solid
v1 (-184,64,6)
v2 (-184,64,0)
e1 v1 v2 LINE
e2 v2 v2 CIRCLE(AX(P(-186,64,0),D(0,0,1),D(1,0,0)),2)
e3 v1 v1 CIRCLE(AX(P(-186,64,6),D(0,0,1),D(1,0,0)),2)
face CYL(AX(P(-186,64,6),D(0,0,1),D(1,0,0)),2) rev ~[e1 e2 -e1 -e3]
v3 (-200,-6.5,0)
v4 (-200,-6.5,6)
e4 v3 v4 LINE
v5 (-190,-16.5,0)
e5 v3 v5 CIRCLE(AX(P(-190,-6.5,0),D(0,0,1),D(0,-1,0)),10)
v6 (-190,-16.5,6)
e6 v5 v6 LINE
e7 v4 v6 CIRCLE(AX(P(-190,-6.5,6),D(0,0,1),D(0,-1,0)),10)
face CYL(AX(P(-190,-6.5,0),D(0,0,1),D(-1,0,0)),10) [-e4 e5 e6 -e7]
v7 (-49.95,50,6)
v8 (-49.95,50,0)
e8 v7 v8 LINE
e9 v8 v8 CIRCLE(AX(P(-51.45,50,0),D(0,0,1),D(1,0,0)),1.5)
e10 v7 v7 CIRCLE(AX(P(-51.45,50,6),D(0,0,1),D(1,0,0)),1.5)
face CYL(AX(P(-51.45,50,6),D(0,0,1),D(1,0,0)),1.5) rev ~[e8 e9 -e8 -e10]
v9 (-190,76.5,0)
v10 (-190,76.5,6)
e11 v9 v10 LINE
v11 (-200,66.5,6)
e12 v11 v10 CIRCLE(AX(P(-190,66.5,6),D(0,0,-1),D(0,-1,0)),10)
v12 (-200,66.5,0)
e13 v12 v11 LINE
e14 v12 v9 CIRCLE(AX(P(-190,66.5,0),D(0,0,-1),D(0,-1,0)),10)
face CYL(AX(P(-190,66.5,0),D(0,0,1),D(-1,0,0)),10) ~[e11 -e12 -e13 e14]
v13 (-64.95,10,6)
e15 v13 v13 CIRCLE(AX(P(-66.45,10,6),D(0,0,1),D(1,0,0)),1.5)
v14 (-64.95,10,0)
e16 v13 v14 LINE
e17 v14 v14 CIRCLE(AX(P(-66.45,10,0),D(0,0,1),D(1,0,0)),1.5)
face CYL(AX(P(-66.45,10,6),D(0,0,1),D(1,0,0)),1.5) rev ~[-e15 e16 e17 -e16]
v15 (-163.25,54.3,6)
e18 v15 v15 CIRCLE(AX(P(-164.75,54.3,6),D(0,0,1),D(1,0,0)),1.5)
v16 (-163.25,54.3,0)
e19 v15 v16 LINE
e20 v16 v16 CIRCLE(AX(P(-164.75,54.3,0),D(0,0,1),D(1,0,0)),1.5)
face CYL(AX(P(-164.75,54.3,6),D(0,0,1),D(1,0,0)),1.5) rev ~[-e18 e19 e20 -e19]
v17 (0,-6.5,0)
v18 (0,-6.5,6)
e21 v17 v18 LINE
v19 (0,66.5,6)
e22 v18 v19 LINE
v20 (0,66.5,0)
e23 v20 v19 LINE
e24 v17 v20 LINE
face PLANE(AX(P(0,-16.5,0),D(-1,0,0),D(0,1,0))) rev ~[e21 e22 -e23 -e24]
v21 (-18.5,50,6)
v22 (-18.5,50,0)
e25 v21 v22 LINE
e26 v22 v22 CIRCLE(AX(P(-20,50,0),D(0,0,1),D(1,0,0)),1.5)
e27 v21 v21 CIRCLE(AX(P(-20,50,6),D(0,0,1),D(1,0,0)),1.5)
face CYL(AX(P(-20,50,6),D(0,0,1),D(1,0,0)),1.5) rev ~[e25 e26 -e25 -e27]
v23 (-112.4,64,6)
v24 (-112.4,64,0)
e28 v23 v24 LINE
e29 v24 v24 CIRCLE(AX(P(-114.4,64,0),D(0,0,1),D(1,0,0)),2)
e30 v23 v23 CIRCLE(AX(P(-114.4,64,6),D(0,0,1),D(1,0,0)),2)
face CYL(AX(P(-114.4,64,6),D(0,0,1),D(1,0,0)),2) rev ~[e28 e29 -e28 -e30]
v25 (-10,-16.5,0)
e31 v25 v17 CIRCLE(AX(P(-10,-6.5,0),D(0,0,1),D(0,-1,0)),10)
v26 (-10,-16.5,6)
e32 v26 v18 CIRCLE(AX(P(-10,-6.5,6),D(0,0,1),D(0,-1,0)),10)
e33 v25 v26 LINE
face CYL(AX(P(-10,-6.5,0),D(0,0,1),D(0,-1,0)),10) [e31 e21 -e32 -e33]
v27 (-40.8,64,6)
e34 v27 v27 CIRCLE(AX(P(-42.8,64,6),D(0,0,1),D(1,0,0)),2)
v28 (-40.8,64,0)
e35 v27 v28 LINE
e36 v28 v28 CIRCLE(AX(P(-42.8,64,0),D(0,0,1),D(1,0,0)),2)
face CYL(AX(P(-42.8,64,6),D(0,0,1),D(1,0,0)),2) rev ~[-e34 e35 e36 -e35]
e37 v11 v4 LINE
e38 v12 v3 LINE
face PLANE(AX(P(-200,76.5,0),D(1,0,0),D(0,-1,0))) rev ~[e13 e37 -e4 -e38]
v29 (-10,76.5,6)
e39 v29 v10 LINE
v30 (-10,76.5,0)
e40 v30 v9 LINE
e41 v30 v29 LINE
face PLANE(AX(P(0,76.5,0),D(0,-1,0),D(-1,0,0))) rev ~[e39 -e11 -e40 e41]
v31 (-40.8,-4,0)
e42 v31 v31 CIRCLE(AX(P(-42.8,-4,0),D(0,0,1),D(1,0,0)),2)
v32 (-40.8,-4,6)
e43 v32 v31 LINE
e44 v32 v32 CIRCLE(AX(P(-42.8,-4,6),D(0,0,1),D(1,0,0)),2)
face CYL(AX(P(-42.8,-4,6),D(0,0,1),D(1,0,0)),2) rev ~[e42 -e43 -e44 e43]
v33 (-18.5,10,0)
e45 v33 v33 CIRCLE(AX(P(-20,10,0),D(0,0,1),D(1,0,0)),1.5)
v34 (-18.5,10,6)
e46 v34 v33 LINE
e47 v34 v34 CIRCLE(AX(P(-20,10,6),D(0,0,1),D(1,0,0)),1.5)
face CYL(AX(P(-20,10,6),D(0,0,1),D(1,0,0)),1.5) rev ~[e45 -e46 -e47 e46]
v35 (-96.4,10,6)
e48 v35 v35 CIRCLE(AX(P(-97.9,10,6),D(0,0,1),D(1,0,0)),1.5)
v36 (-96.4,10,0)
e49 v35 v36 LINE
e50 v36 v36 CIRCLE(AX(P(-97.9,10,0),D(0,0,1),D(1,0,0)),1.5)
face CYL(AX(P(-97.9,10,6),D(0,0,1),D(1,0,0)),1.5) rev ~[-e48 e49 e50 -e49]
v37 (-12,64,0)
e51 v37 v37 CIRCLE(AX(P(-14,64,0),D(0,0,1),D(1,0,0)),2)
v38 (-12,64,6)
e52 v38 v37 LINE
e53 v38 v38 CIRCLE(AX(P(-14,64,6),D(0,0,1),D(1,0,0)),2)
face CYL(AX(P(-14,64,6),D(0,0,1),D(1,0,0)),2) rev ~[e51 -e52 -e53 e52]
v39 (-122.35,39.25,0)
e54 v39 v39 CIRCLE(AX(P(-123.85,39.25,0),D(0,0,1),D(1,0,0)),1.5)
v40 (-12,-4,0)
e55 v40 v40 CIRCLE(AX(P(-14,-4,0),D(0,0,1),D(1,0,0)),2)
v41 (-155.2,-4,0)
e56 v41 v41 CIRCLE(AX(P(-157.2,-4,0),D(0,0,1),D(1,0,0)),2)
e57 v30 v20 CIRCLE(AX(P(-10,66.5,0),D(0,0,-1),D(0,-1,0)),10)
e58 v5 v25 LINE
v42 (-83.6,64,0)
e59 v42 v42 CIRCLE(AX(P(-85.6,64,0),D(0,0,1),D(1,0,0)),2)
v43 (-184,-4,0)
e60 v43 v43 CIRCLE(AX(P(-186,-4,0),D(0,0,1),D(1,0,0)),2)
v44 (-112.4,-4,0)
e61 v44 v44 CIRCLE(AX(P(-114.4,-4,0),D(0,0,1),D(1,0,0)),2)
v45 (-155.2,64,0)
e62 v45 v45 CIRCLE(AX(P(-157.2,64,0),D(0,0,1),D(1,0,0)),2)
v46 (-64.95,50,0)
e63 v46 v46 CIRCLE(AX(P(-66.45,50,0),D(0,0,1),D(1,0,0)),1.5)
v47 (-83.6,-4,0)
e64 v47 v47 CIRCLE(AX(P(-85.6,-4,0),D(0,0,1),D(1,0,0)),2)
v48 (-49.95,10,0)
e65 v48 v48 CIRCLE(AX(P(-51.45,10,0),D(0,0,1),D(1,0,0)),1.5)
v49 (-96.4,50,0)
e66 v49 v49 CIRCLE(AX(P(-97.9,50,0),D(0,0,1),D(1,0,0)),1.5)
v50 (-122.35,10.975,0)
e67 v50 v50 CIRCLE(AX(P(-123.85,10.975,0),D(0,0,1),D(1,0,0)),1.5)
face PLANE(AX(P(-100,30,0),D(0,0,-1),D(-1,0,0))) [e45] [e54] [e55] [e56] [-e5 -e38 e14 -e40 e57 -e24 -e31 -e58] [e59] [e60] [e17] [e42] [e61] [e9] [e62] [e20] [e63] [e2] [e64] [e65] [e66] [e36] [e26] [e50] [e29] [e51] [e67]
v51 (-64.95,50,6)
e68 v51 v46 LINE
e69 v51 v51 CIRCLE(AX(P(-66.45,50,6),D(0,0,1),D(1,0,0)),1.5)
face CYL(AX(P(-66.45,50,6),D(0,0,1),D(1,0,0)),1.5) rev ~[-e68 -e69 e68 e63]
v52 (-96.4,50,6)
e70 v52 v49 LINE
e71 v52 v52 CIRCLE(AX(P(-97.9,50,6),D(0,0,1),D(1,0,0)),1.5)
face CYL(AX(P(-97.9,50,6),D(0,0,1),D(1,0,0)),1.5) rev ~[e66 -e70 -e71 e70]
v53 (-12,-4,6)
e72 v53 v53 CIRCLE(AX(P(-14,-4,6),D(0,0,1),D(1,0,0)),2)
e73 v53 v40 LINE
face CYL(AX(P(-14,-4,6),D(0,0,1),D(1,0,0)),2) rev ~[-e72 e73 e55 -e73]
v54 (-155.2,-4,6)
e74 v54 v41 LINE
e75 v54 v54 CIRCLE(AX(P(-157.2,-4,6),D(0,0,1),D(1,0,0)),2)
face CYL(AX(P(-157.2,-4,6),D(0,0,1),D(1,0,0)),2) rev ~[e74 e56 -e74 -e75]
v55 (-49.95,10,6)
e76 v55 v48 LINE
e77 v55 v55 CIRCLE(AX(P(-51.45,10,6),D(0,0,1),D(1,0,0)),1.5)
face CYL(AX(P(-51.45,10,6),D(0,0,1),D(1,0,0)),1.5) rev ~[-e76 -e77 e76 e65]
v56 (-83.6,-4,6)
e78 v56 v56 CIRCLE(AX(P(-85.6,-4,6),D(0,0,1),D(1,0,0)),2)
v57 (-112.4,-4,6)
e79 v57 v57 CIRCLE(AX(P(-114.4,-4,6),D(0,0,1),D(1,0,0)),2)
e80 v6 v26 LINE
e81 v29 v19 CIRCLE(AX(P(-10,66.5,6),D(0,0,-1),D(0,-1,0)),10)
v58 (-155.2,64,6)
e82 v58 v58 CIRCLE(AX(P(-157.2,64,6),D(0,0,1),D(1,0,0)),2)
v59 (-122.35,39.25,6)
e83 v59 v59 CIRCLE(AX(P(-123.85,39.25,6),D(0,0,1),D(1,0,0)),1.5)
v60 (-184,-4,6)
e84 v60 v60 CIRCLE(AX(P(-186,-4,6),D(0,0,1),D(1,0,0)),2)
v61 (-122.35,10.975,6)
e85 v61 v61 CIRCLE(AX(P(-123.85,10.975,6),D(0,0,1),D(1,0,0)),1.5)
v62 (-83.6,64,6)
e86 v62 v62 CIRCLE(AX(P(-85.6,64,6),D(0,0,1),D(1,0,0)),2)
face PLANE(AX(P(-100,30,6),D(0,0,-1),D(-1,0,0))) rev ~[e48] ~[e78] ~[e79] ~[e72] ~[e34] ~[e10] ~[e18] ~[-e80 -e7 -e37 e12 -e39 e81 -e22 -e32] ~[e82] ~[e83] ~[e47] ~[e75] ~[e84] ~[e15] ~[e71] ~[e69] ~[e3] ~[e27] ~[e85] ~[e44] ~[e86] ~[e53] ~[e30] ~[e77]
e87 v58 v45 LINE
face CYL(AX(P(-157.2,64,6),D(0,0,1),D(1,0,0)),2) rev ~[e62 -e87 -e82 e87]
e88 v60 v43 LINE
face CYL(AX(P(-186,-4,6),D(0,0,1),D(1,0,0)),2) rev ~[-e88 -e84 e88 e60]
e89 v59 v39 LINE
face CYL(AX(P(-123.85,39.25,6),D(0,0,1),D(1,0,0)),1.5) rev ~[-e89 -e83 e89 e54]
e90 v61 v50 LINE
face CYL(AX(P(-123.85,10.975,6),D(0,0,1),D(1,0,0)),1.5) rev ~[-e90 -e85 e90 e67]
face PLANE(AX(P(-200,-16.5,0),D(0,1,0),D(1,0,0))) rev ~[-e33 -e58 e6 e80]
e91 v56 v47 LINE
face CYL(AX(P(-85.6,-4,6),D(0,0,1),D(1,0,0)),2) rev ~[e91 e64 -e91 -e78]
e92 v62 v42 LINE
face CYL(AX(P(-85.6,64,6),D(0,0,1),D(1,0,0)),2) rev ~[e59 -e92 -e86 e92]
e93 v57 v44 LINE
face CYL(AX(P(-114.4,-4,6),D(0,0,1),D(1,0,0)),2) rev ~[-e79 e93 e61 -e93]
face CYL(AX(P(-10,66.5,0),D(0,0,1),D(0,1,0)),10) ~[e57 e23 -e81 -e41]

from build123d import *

# Parameters (mm, degrees)
EXTRUDE_1_DEPTH     = 6
SKETCH_10_R         = 1.5
CUT_EXTRUDE_1_DEPTH = 6
CUT_EXTRUDE_2_REACH = 216.215
SKETCH_11_R         = 2
FILLET_1_R          = 10


with BuildPart() as part:
    # 草圖1 → 填料-伸長1 (new body)
    with BuildSketch(Plane.XY):
        Polygon((-200, 60), (-200, 76.5), (-168.2, 76.5), (-125.9, 76.5), (-94.1, 76.5), (-51.8, 76.5), (0, 76.5), (0, 60), (0, 0), (0, -16.5), (-51.8, -16.5), (-94.1, -16.5), (-125.9, -16.5), (-168.2, -16.5), (-200, -16.5), (-200, 0), align=None)
    extrude(amount=EXTRUDE_1_DEPTH)

    # 草圖10 → 除料-伸長1 (cut)
    with BuildSketch(Plane.XY.offset(6)):
        with Locations((-164.75, 54.3)):
            Circle(SKETCH_10_R)
        with Locations((-123.85, 39.25)):
            Circle(SKETCH_10_R)
        with Locations((-123.85, 10.975)):
            Circle(SKETCH_10_R)
        with Locations((-97.9, 50)):
            Circle(SKETCH_10_R)
        with Locations((-66.45, 50)):
            Circle(SKETCH_10_R)
        with Locations((-51.45, 50)):
            Circle(SKETCH_10_R)
        with Locations((-20, 50)):
            Circle(SKETCH_10_R)
        with Locations((-20, 10)):
            Circle(SKETCH_10_R)
        with Locations((-51.45, 10)):
            Circle(SKETCH_10_R)
        with Locations((-66.45, 10)):
            Circle(SKETCH_10_R)
        with Locations((-97.9, 10)):
            Circle(SKETCH_10_R)
    extrude(amount=-CUT_EXTRUDE_1_DEPTH, mode=Mode.SUBTRACT)

    # 草圖11 → 除料-伸長2 (cut, up to next)
    with BuildSketch(Plane.XY.offset(6), mode=Mode.PRIVATE) as cut_extrude_2_sk1:
        with Locations((-14, 64)):
            Circle(SKETCH_11_R)
    cut_extrude_2_tool1 = extrude(cut_extrude_2_sk1.sketch, amount=-CUT_EXTRUDE_2_REACH, mode=Mode.PRIVATE) & part.part
    # 草圖11 → 除料-伸長2 (cut, up to next)
    with BuildSketch(Plane.XY.offset(6), mode=Mode.PRIVATE) as cut_extrude_2_sk2:
        with Locations((-42.8, 64)):
            Circle(SKETCH_11_R)
    cut_extrude_2_tool2 = extrude(cut_extrude_2_sk2.sketch, amount=-CUT_EXTRUDE_2_REACH, mode=Mode.PRIVATE) & part.part
    # 草圖11 → 除料-伸長2 (cut, up to next)
    with BuildSketch(Plane.XY.offset(6), mode=Mode.PRIVATE) as cut_extrude_2_sk3:
        with Locations((-85.6, 64)):
            Circle(SKETCH_11_R)
    cut_extrude_2_tool3 = extrude(cut_extrude_2_sk3.sketch, amount=-CUT_EXTRUDE_2_REACH, mode=Mode.PRIVATE) & part.part
    # 草圖11 → 除料-伸長2 (cut, up to next)
    with BuildSketch(Plane.XY.offset(6), mode=Mode.PRIVATE) as cut_extrude_2_sk4:
        with Locations((-114.4, 64)):
            Circle(SKETCH_11_R)
    cut_extrude_2_tool4 = extrude(cut_extrude_2_sk4.sketch, amount=-CUT_EXTRUDE_2_REACH, mode=Mode.PRIVATE) & part.part
    # 草圖11 → 除料-伸長2 (cut, up to next)
    with BuildSketch(Plane.XY.offset(6), mode=Mode.PRIVATE) as cut_extrude_2_sk5:
        with Locations((-157.2, 64)):
            Circle(SKETCH_11_R)
    cut_extrude_2_tool5 = extrude(cut_extrude_2_sk5.sketch, amount=-CUT_EXTRUDE_2_REACH, mode=Mode.PRIVATE) & part.part
    # 草圖11 → 除料-伸長2 (cut, up to next)
    with BuildSketch(Plane.XY.offset(6), mode=Mode.PRIVATE) as cut_extrude_2_sk6:
        with Locations((-186, 64)):
            Circle(SKETCH_11_R)
    cut_extrude_2_tool6 = extrude(cut_extrude_2_sk6.sketch, amount=-CUT_EXTRUDE_2_REACH, mode=Mode.PRIVATE) & part.part
    # 草圖11 → 除料-伸長2 (cut, up to next)
    with BuildSketch(Plane.XY.offset(6), mode=Mode.PRIVATE) as cut_extrude_2_sk7:
        with Locations((-14, -4)):
            Circle(SKETCH_11_R)
    cut_extrude_2_tool7 = extrude(cut_extrude_2_sk7.sketch, amount=-CUT_EXTRUDE_2_REACH, mode=Mode.PRIVATE) & part.part
    # 草圖11 → 除料-伸長2 (cut, up to next)
    with BuildSketch(Plane.XY.offset(6), mode=Mode.PRIVATE) as cut_extrude_2_sk8:
        with Locations((-42.8, -4)):
            Circle(SKETCH_11_R)
    cut_extrude_2_tool8 = extrude(cut_extrude_2_sk8.sketch, amount=-CUT_EXTRUDE_2_REACH, mode=Mode.PRIVATE) & part.part
    # 草圖11 → 除料-伸長2 (cut, up to next)
    with BuildSketch(Plane.XY.offset(6), mode=Mode.PRIVATE) as cut_extrude_2_sk9:
        with Locations((-85.6, -4)):
            Circle(SKETCH_11_R)
    cut_extrude_2_tool9 = extrude(cut_extrude_2_sk9.sketch, amount=-CUT_EXTRUDE_2_REACH, mode=Mode.PRIVATE) & part.part
    # 草圖11 → 除料-伸長2 (cut, up to next)
    with BuildSketch(Plane.XY.offset(6), mode=Mode.PRIVATE) as cut_extrude_2_sk10:
        with Locations((-114.4, -4)):
            Circle(SKETCH_11_R)
    cut_extrude_2_tool10 = extrude(cut_extrude_2_sk10.sketch, amount=-CUT_EXTRUDE_2_REACH, mode=Mode.PRIVATE) & part.part
    # 草圖11 → 除料-伸長2 (cut, up to next)
    with BuildSketch(Plane.XY.offset(6), mode=Mode.PRIVATE) as cut_extrude_2_sk11:
        with Locations((-157.2, -4)):
            Circle(SKETCH_11_R)
    cut_extrude_2_tool11 = extrude(cut_extrude_2_sk11.sketch, amount=-CUT_EXTRUDE_2_REACH, mode=Mode.PRIVATE) & part.part
    # 草圖11 → 除料-伸長2 (cut, up to next)
    with BuildSketch(Plane.XY.offset(6), mode=Mode.PRIVATE) as cut_extrude_2_sk12:
        with Locations((-186, -4)):
            Circle(SKETCH_11_R)
    cut_extrude_2_tool12 = extrude(cut_extrude_2_sk12.sketch, amount=-CUT_EXTRUDE_2_REACH, mode=Mode.PRIVATE) & part.part
    add(cut_extrude_2_tool1.solids().sort_by_distance((-14, 64, 6))[0], mode=Mode.SUBTRACT)
    add(cut_extrude_2_tool2.solids().sort_by_distance((-42.8, 64, 6))[0], mode=Mode.SUBTRACT)
    add(cut_extrude_2_tool3.solids().sort_by_distance((-85.6, 64, 6))[0], mode=Mode.SUBTRACT)
    add(cut_extrude_2_tool4.solids().sort_by_distance((-114.4, 64, 6))[0], mode=Mode.SUBTRACT)
    add(cut_extrude_2_tool5.solids().sort_by_distance((-157.2, 64, 6))[0], mode=Mode.SUBTRACT)
    add(cut_extrude_2_tool6.solids().sort_by_distance((-186, 64, 6))[0], mode=Mode.SUBTRACT)
    add(cut_extrude_2_tool7.solids().sort_by_distance((-14, -4, 6))[0], mode=Mode.SUBTRACT)
    add(cut_extrude_2_tool8.solids().sort_by_distance((-42.8, -4, 6))[0], mode=Mode.SUBTRACT)
    add(cut_extrude_2_tool9.solids().sort_by_distance((-85.6, -4, 6))[0], mode=Mode.SUBTRACT)
    add(cut_extrude_2_tool10.solids().sort_by_distance((-114.4, -4, 6))[0], mode=Mode.SUBTRACT)
    add(cut_extrude_2_tool11.solids().sort_by_distance((-157.2, -4, 6))[0], mode=Mode.SUBTRACT)
    add(cut_extrude_2_tool12.solids().sort_by_distance((-186, -4, 6))[0], mode=Mode.SUBTRACT)

    # 圓角1
    fillet_1_edges = [part.edges().sort_by_distance(p)[0] for p in [
        (0, -16.5, 3),
        (-200, -16.5, 3),
        (-200, 76.5, 3),
        (0, 76.5, 3),
    ]]
    fillet(fillet_1_edges, radius=FILLET_1_R)


solid = part.part
